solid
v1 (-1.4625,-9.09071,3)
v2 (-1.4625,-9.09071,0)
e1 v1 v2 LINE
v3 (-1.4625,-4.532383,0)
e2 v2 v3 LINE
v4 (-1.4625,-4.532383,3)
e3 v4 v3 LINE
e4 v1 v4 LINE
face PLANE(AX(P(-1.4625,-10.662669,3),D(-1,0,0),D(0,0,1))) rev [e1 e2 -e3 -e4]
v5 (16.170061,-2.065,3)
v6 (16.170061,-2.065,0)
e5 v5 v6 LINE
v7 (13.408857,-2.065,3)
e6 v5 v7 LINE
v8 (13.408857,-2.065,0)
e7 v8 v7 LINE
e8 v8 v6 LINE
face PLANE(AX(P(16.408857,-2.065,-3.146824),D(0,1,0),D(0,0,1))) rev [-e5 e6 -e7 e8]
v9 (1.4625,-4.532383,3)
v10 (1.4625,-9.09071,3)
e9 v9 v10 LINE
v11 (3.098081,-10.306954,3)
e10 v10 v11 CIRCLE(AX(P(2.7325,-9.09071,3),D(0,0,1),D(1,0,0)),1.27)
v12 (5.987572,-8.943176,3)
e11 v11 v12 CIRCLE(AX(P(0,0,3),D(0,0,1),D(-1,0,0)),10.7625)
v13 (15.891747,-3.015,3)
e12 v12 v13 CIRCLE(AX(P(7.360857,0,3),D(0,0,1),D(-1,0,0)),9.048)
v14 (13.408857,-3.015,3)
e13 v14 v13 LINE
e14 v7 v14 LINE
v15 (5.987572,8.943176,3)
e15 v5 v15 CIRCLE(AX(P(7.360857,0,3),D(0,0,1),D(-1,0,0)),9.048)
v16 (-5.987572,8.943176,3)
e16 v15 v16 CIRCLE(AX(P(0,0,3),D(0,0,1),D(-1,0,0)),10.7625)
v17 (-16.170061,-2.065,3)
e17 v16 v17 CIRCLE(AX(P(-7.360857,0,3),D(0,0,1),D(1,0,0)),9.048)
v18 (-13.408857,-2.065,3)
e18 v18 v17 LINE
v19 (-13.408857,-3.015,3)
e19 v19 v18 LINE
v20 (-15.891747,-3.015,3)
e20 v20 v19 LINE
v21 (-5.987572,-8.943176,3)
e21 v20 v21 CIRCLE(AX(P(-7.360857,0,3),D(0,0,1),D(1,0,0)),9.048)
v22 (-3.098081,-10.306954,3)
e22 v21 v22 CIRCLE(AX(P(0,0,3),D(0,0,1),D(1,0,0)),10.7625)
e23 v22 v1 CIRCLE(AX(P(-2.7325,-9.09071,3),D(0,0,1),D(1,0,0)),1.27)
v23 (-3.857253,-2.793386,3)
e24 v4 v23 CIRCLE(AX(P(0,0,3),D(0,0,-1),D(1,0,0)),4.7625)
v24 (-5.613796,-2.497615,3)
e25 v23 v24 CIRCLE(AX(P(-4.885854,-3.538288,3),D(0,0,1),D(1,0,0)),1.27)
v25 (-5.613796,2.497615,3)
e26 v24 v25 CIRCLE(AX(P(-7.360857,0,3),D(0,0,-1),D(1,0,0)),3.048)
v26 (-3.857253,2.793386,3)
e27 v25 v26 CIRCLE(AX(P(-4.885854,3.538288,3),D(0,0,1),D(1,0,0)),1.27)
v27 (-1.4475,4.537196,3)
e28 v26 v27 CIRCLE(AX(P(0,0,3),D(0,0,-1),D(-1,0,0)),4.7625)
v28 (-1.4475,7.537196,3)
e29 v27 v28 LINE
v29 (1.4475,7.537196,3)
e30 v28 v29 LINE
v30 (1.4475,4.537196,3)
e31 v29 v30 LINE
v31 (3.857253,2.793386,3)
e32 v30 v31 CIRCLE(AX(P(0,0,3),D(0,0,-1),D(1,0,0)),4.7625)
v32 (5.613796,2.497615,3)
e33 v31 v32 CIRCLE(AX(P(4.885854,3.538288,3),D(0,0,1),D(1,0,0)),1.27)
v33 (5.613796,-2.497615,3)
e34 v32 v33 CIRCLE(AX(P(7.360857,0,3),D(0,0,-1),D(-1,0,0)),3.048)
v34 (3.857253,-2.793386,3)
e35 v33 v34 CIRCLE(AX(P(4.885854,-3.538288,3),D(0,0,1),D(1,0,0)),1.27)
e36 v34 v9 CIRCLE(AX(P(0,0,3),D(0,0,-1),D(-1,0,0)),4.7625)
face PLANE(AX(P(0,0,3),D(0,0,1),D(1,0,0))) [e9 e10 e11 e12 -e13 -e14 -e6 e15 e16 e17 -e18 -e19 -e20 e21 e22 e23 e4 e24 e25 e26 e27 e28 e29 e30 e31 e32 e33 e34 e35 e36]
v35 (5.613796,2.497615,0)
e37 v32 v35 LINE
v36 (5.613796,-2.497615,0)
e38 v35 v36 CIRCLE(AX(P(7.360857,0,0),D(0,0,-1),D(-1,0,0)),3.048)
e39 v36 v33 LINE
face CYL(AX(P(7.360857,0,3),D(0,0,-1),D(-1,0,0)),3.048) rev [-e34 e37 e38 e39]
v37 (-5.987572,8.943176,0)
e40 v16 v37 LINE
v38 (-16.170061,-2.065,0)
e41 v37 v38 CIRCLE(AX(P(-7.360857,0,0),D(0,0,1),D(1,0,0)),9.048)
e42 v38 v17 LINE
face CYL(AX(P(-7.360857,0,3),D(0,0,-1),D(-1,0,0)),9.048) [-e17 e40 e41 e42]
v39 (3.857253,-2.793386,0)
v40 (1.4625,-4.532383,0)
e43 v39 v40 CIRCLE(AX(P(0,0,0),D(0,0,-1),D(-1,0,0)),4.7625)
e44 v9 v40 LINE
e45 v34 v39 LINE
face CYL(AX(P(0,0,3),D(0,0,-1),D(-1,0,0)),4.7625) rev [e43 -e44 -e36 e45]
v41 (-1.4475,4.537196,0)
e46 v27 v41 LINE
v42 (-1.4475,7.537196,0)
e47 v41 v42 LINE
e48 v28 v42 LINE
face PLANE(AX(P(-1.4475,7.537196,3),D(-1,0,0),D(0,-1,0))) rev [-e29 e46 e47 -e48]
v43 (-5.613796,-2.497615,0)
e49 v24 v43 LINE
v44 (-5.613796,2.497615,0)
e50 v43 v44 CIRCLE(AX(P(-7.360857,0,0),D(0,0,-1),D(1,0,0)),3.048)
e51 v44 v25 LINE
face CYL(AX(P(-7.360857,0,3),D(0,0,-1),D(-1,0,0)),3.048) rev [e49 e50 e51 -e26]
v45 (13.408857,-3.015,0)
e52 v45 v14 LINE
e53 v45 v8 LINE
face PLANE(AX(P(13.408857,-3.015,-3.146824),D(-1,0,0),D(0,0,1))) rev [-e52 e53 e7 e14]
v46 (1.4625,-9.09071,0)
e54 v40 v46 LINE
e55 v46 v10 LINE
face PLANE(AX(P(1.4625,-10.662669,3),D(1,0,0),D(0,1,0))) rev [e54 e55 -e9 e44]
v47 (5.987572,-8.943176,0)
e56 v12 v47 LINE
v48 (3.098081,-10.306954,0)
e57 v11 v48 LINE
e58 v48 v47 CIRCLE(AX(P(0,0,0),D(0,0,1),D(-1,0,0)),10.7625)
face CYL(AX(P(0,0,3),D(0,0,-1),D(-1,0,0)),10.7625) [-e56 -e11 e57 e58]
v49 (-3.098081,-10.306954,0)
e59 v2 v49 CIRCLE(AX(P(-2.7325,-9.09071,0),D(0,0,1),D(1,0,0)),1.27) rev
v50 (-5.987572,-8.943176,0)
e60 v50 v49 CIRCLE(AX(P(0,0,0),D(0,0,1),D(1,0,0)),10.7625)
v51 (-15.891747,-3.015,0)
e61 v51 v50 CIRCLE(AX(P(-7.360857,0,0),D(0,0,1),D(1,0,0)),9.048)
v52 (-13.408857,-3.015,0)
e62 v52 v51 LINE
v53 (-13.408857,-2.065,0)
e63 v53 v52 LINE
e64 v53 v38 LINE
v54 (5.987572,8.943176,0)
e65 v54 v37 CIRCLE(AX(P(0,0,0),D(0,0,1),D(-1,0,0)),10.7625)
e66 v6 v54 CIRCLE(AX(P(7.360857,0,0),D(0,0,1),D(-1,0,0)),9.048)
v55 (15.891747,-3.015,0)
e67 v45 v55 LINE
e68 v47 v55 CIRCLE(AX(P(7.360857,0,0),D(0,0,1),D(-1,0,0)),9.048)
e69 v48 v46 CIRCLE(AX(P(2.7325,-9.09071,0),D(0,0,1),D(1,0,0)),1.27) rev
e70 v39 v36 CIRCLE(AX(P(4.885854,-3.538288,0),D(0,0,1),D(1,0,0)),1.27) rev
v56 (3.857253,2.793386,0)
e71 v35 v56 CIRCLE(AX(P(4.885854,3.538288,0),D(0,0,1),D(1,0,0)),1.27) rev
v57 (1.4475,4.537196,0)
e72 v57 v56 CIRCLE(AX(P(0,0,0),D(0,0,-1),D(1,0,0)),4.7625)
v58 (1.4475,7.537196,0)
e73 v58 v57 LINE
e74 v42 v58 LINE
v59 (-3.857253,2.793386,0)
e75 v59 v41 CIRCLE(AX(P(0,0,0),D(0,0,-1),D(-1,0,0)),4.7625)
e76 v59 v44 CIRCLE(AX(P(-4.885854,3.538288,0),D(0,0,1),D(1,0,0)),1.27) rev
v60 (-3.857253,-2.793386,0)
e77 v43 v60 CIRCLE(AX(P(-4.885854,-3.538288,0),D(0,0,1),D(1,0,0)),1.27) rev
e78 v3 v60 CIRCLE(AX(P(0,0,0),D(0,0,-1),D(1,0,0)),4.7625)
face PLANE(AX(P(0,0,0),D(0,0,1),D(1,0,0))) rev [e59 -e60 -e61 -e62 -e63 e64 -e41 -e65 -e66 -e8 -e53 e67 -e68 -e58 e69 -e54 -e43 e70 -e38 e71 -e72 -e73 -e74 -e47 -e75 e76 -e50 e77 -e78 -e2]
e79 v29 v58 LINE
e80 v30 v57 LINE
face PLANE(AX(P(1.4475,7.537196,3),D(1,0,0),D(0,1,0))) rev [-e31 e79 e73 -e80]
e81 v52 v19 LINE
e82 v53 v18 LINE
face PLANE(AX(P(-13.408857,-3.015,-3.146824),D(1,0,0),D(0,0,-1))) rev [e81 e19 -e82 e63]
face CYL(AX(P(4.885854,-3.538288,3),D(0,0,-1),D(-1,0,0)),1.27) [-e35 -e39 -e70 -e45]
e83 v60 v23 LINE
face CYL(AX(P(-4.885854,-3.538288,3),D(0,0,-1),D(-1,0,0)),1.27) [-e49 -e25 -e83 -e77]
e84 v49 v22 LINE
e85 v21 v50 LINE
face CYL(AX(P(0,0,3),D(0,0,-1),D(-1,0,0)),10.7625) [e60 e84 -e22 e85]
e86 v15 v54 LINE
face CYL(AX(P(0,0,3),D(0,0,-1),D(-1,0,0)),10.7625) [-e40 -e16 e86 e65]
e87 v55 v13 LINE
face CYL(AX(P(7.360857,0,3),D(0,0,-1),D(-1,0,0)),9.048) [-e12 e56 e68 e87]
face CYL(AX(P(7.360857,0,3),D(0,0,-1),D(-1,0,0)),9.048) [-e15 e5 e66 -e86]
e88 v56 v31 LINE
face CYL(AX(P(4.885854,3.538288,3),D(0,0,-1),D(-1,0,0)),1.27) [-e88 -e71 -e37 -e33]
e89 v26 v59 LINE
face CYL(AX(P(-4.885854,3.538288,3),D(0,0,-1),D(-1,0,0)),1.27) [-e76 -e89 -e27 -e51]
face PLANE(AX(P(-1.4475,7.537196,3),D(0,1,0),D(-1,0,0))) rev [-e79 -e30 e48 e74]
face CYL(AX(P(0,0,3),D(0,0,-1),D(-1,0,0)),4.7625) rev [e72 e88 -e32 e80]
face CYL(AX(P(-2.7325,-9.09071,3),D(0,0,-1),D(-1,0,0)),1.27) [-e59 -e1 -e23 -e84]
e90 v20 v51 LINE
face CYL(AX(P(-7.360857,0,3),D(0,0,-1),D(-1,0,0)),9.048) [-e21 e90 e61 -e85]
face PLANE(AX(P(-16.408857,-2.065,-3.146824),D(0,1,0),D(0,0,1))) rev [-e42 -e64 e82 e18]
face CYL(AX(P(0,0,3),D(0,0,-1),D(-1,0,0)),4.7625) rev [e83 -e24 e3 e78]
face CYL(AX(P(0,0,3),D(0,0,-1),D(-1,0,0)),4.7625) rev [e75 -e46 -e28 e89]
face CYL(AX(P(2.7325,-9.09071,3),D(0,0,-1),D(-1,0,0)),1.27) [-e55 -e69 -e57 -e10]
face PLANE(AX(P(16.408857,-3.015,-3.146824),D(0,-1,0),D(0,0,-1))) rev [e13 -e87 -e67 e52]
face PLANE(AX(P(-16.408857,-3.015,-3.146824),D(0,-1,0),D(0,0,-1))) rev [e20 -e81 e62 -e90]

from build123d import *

# Parameters (mm, degrees)
EXTRUDE_1_DEPTH     = 3
SKETCH_2_W          = 3
SKETCH_2_H          = 0.95
CUT_EXTRUDE_1_DEPTH = 3
FILLET_1_R          = 1.27


with BuildPart() as part:
    # 스케치1 → 보스-돌출1 (new body)
    with BuildSketch(Plane.XY):
        with BuildLine():
            Line((-1.4475, 7.537196271), (1.4475, 7.537196271))
            Line((1.4475, 7.537196271), (1.4475, 4.537196271))
            ThreePointArc((1.4475, 4.537196271), (3.432437621, 3.301481217), (4.590044254, 1.27))
            ThreePointArc((4.590044254, 1.27), (10.408857131, 0), (4.590044254, -1.27))
            ThreePointArc((4.590044254, -1.27), (3.437893174, -3.295799869), (1.4625, -4.532383479))
            Line((1.4625, -4.532383479), (1.4625, -10.662668522))
            ThreePointArc((1.4625, -10.662668522), (3.822964303, -10.060633687), (5.987571718, -8.943175676))
            ThreePointArc((5.987571718, -8.943175676), (16.408857131, 0), (5.987571718, 8.943175676))
            ThreePointArc((5.987571718, 8.943175676), (0, 10.7625), (-5.987571718, 8.943175676))
            ThreePointArc((-5.987571718, 8.943175676), (-16.408857131, 0), (-5.987571718, -8.943175676))
            ThreePointArc((-5.987571718, -8.943175676), (-3.822964303, -10.060633687), (-1.4625, -10.662668522))
            Line((-1.4625, -10.662668522), (-1.4625, -4.532383479))
            ThreePointArc((-1.4625, -4.532383479), (-3.437893174, -3.295799869), (-4.590044254, -1.27))
            ThreePointArc((-4.590044254, -1.27), (-10.408857131, 0), (-4.590044254, 1.27))
            ThreePointArc((-4.590044254, 1.27), (-3.432437621, 3.301481217), (-1.4475, 4.537196271))
            Line((-1.4475, 4.537196271), (-1.4475, 7.537196271))
        make_face()
    extrude(amount=EXTRUDE_1_DEPTH)

    # 스케치2 → 컷-돌출1 (cut)
    with BuildSketch(Plane.XY.offset(3)):
        with Locations((14.908857131, -2.54)):
            Rectangle(SKETCH_2_W, SKETCH_2_H)
        with Locations((-14.908857131, -2.54)):
            Rectangle(SKETCH_2_W, SKETCH_2_H)
    extrude(amount=-CUT_EXTRUDE_1_DEPTH, mode=Mode.SUBTRACT)

    # 필렛1
    fillet_1_edges = [part.edges().sort_by_distance(p)[0] for p in [
        (-4.590044254, 1.27, 1.5),
        (-4.590044254, -1.27, 1.5),
        (-1.4625, -10.662668522, 1.5),
        (1.4625, -10.662668522, 1.5),
        (4.590044254, -1.27, 1.5),
        (4.590044254, 1.27, 1.5),
    ]]
    fillet(fillet_1_edges, radius=FILLET_1_R)


solid = part.part
